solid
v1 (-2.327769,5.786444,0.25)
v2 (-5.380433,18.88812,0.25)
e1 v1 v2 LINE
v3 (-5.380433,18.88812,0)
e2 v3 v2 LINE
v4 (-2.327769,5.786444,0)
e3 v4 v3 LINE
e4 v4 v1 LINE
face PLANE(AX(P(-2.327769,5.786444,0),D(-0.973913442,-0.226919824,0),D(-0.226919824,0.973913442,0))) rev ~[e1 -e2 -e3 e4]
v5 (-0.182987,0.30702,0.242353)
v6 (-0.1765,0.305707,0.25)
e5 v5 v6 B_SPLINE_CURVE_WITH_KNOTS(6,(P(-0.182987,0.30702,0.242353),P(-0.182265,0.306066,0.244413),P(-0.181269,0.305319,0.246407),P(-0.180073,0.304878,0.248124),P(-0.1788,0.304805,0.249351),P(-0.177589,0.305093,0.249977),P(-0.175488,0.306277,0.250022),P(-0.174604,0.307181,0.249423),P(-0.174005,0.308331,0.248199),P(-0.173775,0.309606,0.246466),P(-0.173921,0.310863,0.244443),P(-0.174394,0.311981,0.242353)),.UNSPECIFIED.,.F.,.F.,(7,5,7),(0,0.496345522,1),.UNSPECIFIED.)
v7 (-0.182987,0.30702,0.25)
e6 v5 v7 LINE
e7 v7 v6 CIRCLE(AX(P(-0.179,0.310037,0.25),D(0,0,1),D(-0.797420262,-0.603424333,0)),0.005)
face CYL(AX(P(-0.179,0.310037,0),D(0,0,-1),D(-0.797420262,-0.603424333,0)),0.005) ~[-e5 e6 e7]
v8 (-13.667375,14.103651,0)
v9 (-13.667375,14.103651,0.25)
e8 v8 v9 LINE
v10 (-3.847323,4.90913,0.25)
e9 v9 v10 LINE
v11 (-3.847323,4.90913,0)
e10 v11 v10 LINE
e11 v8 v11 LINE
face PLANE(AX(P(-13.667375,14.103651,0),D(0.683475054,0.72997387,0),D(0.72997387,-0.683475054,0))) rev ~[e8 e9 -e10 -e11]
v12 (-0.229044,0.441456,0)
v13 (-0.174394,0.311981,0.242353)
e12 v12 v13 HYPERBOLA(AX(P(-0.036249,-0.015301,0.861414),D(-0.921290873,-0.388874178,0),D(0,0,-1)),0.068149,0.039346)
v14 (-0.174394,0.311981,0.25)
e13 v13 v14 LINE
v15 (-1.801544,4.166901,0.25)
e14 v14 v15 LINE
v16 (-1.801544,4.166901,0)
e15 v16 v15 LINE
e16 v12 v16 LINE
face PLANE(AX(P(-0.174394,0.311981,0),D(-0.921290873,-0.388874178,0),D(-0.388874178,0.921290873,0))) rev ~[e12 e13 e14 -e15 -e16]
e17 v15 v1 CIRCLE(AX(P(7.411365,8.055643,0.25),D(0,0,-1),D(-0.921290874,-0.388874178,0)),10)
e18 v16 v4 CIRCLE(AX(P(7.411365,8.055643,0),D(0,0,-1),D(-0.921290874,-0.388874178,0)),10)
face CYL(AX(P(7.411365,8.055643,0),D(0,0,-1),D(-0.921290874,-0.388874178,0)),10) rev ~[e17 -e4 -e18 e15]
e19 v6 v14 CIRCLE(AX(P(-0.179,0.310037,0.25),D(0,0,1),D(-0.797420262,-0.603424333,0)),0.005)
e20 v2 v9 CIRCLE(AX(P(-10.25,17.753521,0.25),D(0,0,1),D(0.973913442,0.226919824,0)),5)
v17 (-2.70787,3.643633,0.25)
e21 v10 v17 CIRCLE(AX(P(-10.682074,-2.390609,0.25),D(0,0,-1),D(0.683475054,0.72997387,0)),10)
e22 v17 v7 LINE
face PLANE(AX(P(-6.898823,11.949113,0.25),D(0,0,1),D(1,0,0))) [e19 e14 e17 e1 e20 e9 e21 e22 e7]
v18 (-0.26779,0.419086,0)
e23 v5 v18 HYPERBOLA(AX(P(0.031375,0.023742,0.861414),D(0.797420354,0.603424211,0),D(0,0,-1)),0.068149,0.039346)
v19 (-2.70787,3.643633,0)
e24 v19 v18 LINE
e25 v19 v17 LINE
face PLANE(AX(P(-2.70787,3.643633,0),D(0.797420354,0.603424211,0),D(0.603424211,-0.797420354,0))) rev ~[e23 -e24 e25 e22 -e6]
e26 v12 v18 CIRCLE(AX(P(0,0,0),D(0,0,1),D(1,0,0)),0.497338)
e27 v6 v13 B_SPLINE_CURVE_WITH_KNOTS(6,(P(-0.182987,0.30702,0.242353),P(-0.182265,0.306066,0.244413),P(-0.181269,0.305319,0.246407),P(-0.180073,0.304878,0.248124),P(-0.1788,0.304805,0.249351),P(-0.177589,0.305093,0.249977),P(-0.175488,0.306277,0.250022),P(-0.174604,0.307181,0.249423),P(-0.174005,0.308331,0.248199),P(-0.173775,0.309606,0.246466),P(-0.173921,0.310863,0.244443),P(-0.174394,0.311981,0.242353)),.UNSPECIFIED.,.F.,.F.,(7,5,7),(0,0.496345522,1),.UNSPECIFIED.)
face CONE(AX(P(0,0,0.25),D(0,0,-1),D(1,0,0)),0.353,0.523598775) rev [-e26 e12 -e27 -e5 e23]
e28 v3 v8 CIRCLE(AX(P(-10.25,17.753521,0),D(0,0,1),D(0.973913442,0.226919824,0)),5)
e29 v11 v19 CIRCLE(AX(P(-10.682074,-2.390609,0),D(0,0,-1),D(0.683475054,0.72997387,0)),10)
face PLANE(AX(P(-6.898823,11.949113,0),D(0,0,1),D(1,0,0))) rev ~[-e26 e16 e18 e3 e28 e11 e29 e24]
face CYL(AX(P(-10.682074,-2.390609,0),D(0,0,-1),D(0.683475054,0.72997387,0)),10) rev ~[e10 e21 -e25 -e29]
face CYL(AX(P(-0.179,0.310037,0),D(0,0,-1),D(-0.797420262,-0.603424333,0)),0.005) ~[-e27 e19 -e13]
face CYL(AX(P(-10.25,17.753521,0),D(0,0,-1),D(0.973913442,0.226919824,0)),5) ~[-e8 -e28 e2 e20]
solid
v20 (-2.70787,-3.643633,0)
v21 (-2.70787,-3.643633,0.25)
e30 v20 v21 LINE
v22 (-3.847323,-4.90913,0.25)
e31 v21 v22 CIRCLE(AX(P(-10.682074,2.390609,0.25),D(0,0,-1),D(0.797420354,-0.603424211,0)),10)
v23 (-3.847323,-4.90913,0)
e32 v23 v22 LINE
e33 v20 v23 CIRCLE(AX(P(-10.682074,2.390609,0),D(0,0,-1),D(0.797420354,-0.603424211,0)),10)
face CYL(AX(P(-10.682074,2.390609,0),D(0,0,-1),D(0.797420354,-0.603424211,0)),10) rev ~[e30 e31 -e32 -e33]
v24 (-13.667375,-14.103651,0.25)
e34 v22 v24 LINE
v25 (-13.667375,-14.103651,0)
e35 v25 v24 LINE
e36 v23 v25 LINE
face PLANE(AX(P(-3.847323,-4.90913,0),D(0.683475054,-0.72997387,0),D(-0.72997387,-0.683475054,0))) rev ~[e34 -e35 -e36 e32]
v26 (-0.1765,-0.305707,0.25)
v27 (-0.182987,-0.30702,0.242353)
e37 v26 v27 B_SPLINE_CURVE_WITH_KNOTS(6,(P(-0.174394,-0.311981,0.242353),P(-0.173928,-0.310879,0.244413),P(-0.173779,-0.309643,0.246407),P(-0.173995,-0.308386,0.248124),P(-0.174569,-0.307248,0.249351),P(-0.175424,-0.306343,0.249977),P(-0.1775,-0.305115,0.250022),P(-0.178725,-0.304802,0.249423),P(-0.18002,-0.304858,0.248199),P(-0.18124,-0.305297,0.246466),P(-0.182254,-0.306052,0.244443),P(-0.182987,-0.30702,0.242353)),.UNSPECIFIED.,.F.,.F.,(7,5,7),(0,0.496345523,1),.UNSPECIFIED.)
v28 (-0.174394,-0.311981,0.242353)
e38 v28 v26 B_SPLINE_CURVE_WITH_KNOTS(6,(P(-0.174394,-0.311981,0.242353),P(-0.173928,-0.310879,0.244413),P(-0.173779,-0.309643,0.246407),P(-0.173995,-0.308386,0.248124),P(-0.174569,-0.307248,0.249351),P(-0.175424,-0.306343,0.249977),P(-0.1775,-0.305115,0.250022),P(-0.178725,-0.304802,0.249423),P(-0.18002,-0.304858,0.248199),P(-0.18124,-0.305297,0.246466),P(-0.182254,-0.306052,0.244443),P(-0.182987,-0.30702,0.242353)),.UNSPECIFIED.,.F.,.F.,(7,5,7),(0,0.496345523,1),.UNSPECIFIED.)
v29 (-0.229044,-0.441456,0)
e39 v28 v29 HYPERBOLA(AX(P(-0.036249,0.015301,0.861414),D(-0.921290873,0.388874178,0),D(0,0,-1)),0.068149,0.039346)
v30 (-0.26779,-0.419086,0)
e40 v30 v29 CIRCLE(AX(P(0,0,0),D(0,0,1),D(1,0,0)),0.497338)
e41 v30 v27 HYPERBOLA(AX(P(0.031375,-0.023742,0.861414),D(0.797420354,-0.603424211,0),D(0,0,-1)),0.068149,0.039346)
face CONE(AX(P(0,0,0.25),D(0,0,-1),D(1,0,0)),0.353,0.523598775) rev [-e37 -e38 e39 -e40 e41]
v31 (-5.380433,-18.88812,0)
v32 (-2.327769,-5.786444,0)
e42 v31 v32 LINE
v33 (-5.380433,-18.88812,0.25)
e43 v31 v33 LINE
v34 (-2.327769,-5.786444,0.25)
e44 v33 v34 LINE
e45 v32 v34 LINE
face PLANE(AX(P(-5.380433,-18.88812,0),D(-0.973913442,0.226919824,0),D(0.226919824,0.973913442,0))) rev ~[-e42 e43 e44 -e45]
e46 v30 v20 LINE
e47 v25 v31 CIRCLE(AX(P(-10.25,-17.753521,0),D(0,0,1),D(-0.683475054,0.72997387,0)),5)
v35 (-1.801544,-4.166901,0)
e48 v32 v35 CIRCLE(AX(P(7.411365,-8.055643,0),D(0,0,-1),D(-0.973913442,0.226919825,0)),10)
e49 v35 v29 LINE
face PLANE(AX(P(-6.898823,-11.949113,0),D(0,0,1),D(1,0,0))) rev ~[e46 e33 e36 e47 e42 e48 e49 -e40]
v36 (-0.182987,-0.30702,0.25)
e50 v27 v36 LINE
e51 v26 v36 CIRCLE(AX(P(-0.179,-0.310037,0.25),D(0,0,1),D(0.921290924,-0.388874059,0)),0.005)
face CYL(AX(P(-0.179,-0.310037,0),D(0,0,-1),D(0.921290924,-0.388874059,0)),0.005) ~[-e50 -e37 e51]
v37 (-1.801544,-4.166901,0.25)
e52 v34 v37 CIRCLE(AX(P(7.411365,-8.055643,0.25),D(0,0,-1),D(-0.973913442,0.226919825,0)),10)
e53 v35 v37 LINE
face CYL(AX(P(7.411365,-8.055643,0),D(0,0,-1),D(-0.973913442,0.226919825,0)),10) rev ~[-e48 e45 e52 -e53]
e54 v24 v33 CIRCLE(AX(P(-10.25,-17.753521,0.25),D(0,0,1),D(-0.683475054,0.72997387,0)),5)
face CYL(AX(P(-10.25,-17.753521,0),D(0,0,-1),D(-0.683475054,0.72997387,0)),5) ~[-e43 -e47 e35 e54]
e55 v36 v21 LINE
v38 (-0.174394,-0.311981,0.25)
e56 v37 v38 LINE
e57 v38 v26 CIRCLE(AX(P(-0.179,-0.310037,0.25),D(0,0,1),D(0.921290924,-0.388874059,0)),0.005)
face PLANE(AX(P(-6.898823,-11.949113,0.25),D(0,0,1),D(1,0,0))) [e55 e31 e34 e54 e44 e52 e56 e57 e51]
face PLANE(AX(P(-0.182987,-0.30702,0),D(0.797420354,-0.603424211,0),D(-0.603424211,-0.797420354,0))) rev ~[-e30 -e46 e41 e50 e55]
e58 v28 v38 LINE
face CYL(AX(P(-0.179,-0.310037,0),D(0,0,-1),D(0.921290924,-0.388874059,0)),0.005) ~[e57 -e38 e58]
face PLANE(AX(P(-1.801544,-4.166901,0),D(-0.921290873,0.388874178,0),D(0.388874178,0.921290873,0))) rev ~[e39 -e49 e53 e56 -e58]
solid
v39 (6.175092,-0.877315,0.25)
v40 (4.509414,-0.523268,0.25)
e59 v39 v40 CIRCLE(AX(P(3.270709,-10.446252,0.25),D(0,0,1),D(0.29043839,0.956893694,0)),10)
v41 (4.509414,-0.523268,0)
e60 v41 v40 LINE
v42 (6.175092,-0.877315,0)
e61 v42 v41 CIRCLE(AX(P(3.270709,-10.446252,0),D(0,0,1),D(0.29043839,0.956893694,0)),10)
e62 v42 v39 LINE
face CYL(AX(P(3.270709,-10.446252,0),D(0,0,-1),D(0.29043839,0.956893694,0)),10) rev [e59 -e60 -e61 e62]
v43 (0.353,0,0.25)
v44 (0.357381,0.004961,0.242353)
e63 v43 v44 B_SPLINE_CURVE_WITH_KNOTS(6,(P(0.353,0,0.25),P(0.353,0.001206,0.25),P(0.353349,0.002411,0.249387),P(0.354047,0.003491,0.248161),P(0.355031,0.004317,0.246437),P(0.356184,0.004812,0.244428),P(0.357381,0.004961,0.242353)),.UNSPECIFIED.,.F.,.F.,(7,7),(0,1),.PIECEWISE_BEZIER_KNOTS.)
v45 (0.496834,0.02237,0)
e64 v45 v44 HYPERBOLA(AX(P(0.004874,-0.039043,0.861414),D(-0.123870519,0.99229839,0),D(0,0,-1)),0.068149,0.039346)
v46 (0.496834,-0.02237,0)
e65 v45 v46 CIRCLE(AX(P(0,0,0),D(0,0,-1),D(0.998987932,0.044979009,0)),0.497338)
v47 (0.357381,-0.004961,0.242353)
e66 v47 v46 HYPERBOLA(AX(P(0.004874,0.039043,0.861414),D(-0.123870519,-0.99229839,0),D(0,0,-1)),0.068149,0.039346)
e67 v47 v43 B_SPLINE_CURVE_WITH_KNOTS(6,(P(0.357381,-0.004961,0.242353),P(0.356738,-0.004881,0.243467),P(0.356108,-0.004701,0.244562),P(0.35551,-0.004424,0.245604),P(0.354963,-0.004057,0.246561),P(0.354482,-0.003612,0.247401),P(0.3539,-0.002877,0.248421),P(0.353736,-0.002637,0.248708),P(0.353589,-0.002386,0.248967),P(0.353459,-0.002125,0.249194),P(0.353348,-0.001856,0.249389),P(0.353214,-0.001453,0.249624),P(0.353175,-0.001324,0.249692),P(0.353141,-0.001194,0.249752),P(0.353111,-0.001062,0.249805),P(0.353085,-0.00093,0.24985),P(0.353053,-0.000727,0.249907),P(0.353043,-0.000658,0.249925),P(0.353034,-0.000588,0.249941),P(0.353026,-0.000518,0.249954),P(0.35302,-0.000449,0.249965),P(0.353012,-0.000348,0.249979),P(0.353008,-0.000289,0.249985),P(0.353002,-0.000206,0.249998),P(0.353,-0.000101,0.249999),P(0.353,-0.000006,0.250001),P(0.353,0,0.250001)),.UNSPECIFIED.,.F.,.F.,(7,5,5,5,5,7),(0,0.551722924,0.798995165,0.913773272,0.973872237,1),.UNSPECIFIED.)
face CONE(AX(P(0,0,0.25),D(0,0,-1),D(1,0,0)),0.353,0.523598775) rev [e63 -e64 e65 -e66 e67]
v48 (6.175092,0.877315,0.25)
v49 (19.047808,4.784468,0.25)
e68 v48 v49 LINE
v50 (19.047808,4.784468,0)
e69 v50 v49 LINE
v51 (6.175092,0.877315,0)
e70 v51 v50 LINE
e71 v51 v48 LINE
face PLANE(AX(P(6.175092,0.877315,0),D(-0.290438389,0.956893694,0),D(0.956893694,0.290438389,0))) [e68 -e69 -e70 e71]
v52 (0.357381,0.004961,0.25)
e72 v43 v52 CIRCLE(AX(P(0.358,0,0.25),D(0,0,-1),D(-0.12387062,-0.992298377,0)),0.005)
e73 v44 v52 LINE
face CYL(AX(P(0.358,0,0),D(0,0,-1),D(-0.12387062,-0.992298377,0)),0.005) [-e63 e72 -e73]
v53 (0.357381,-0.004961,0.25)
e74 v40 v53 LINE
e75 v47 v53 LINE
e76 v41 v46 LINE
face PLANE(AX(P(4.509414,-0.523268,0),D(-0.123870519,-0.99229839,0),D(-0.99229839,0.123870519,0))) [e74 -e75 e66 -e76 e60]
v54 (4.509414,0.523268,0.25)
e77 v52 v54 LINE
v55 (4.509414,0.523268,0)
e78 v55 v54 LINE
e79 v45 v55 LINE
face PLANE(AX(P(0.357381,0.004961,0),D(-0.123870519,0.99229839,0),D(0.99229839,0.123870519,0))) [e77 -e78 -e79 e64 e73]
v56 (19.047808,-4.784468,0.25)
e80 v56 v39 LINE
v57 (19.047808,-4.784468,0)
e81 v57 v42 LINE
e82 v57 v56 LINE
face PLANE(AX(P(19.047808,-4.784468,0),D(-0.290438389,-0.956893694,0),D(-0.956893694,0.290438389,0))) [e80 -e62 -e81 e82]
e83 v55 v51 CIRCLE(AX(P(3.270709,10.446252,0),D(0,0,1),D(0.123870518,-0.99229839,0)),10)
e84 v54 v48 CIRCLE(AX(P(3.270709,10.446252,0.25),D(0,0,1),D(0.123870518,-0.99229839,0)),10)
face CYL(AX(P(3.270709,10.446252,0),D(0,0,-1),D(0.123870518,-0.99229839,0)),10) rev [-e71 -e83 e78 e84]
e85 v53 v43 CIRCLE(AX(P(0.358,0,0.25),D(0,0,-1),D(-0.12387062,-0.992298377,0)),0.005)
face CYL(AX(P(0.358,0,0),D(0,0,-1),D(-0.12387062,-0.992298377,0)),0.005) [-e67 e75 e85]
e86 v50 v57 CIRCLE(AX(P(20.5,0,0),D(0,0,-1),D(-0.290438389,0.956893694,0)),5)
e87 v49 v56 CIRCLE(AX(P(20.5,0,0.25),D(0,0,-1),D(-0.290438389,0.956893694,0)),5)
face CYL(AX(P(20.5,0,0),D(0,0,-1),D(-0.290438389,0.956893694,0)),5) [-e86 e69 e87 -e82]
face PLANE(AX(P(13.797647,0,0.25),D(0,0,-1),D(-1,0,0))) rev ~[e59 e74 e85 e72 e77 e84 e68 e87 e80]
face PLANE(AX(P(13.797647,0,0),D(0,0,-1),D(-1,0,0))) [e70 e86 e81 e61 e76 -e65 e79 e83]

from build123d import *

# Parameters (mm, degrees)
EXTRUDE_2_DEPTH   = 0.25
EXTRUDE_2_2_DEPTH = 0.25
EXTRUDE_2_3_DEPTH = 0.25


with BuildPart() as part:
    # 草圖1 → 填料-伸長2 (new body)
    with BuildSketch(Plane.XY):
        with BuildLine():
            Line((0.357380647, 0.004961492), (4.50941379, 0.523267787))
            ThreePointArc((4.50941379, 0.523267787), (5.349803134, 0.664770922), (6.175092484, 0.877314741))
            Line((6.175092484, 0.877314741), (19.047808057, 4.784468472))
            ThreePointArc((19.047808057, 4.784468472), (25.5, 0), (19.047808057, -4.784468472))
            Line((19.047808057, -4.784468472), (6.175092484, -0.877314741))
            ThreePointArc((6.175092484, -0.877314741), (5.349803134, -0.664770922), (4.50941379, -0.523267787))
            Line((4.50941379, -0.523267787), (0.357380647, -0.004961492))
            ThreePointArc((0.357380647, -0.004961492), (0.353, 0), (0.357380647, 0.004961492))
        make_face()
    extrude(amount=EXTRUDE_2_DEPTH)


with BuildPart() as body_2:
    # 草圖1 → Extrude 2 2 (new body)
    with BuildSketch(Plane.XY):
        with BuildLine():
            Line((-0.182987102, -0.307019973), (-2.707870091, -3.643633005))
            ThreePointArc((-2.707870091, -3.643633005), (-3.250610073, -4.300679958), (-3.847323094, -4.909129591))
            Line((-3.847323094, -4.909129591), (-13.667375269, -14.103651428))
            ThreePointArc((-13.667375269, -14.103651428), (-12.75, -22.083647797), (-5.380432788, -18.8881199))
            Line((-5.380432788, -18.8881199), (-2.327769389, -5.786444332))
            ThreePointArc((-2.327769389, -5.786444332), (-2.09919306, -4.96545088), (-1.801543699, -4.166900792))
            Line((-1.801543699, -4.166900792), (-0.174393546, -0.311981465))
            ThreePointArc((-0.174393546, -0.311981465), (-0.1765, -0.305706968), (-0.182987102, -0.307019973))
        make_face()
    extrude(amount=EXTRUDE_2_2_DEPTH)


with BuildPart() as body_3:
    # 草圖1 → Extrude 2 3 (new body)
    with BuildSketch(Plane.XY):
        with BuildLine():
            Line((-0.174393546, 0.311981465), (-1.801543699, 4.166900792))
            ThreePointArc((-1.801543699, 4.166900792), (-2.09919306, 4.96545088), (-2.327769389, 5.786444332))
            Line((-2.327769389, 5.786444332), (-5.380432788, 18.8881199))
            ThreePointArc((-5.380432788, 18.8881199), (-12.75, 22.083647797), (-13.667375269, 14.103651428))
            Line((-13.667375269, 14.103651428), (-3.847323094, 4.909129591))
            ThreePointArc((-3.847323094, 4.909129591), (-3.250610073, 4.300679958), (-2.707870091, 3.643633005))
            Line((-2.707870091, 3.643633005), (-0.182987102, 0.307019973))
            ThreePointArc((-0.182987102, 0.307019973), (-0.1765, 0.305706968), (-0.174393546, 0.311981465))
        make_face()
    extrude(amount=EXTRUDE_2_3_DEPTH)


with BuildPart() as cut_revolve_1_tool:
    # 草圖2 → 除料-旋轉1 (revolve)
    with BuildSketch(Plane(origin=(0, 0, 0), x_dir=(1, 0, 0), z_dir=(0, 1, 0))):
        Polygon((0.353, -0.25), (0.497337567, 0), (0.353, 0), align=None)
    revolve(axis=Axis((0, 0, -0.385580205), (0, 0, 1)))


with BuildPart() as part_1:
    add(part.part)

    # 除料-旋轉1: cut by cut_revolve_1_tool
    add(cut_revolve_1_tool.part, mode=Mode.SUBTRACT)


with BuildPart() as body_2_1:
    add(body_2.part)

    # 除料-旋轉1: cut by cut_revolve_1_tool
    add(cut_revolve_1_tool.part, mode=Mode.SUBTRACT)


with BuildPart() as body_3_1:
    add(body_3.part)

    # 除料-旋轉1: cut by cut_revolve_1_tool
    add(cut_revolve_1_tool.part, mode=Mode.SUBTRACT)


solid = Compound([part_1.part, body_2_1.part, body_3_1.part])
